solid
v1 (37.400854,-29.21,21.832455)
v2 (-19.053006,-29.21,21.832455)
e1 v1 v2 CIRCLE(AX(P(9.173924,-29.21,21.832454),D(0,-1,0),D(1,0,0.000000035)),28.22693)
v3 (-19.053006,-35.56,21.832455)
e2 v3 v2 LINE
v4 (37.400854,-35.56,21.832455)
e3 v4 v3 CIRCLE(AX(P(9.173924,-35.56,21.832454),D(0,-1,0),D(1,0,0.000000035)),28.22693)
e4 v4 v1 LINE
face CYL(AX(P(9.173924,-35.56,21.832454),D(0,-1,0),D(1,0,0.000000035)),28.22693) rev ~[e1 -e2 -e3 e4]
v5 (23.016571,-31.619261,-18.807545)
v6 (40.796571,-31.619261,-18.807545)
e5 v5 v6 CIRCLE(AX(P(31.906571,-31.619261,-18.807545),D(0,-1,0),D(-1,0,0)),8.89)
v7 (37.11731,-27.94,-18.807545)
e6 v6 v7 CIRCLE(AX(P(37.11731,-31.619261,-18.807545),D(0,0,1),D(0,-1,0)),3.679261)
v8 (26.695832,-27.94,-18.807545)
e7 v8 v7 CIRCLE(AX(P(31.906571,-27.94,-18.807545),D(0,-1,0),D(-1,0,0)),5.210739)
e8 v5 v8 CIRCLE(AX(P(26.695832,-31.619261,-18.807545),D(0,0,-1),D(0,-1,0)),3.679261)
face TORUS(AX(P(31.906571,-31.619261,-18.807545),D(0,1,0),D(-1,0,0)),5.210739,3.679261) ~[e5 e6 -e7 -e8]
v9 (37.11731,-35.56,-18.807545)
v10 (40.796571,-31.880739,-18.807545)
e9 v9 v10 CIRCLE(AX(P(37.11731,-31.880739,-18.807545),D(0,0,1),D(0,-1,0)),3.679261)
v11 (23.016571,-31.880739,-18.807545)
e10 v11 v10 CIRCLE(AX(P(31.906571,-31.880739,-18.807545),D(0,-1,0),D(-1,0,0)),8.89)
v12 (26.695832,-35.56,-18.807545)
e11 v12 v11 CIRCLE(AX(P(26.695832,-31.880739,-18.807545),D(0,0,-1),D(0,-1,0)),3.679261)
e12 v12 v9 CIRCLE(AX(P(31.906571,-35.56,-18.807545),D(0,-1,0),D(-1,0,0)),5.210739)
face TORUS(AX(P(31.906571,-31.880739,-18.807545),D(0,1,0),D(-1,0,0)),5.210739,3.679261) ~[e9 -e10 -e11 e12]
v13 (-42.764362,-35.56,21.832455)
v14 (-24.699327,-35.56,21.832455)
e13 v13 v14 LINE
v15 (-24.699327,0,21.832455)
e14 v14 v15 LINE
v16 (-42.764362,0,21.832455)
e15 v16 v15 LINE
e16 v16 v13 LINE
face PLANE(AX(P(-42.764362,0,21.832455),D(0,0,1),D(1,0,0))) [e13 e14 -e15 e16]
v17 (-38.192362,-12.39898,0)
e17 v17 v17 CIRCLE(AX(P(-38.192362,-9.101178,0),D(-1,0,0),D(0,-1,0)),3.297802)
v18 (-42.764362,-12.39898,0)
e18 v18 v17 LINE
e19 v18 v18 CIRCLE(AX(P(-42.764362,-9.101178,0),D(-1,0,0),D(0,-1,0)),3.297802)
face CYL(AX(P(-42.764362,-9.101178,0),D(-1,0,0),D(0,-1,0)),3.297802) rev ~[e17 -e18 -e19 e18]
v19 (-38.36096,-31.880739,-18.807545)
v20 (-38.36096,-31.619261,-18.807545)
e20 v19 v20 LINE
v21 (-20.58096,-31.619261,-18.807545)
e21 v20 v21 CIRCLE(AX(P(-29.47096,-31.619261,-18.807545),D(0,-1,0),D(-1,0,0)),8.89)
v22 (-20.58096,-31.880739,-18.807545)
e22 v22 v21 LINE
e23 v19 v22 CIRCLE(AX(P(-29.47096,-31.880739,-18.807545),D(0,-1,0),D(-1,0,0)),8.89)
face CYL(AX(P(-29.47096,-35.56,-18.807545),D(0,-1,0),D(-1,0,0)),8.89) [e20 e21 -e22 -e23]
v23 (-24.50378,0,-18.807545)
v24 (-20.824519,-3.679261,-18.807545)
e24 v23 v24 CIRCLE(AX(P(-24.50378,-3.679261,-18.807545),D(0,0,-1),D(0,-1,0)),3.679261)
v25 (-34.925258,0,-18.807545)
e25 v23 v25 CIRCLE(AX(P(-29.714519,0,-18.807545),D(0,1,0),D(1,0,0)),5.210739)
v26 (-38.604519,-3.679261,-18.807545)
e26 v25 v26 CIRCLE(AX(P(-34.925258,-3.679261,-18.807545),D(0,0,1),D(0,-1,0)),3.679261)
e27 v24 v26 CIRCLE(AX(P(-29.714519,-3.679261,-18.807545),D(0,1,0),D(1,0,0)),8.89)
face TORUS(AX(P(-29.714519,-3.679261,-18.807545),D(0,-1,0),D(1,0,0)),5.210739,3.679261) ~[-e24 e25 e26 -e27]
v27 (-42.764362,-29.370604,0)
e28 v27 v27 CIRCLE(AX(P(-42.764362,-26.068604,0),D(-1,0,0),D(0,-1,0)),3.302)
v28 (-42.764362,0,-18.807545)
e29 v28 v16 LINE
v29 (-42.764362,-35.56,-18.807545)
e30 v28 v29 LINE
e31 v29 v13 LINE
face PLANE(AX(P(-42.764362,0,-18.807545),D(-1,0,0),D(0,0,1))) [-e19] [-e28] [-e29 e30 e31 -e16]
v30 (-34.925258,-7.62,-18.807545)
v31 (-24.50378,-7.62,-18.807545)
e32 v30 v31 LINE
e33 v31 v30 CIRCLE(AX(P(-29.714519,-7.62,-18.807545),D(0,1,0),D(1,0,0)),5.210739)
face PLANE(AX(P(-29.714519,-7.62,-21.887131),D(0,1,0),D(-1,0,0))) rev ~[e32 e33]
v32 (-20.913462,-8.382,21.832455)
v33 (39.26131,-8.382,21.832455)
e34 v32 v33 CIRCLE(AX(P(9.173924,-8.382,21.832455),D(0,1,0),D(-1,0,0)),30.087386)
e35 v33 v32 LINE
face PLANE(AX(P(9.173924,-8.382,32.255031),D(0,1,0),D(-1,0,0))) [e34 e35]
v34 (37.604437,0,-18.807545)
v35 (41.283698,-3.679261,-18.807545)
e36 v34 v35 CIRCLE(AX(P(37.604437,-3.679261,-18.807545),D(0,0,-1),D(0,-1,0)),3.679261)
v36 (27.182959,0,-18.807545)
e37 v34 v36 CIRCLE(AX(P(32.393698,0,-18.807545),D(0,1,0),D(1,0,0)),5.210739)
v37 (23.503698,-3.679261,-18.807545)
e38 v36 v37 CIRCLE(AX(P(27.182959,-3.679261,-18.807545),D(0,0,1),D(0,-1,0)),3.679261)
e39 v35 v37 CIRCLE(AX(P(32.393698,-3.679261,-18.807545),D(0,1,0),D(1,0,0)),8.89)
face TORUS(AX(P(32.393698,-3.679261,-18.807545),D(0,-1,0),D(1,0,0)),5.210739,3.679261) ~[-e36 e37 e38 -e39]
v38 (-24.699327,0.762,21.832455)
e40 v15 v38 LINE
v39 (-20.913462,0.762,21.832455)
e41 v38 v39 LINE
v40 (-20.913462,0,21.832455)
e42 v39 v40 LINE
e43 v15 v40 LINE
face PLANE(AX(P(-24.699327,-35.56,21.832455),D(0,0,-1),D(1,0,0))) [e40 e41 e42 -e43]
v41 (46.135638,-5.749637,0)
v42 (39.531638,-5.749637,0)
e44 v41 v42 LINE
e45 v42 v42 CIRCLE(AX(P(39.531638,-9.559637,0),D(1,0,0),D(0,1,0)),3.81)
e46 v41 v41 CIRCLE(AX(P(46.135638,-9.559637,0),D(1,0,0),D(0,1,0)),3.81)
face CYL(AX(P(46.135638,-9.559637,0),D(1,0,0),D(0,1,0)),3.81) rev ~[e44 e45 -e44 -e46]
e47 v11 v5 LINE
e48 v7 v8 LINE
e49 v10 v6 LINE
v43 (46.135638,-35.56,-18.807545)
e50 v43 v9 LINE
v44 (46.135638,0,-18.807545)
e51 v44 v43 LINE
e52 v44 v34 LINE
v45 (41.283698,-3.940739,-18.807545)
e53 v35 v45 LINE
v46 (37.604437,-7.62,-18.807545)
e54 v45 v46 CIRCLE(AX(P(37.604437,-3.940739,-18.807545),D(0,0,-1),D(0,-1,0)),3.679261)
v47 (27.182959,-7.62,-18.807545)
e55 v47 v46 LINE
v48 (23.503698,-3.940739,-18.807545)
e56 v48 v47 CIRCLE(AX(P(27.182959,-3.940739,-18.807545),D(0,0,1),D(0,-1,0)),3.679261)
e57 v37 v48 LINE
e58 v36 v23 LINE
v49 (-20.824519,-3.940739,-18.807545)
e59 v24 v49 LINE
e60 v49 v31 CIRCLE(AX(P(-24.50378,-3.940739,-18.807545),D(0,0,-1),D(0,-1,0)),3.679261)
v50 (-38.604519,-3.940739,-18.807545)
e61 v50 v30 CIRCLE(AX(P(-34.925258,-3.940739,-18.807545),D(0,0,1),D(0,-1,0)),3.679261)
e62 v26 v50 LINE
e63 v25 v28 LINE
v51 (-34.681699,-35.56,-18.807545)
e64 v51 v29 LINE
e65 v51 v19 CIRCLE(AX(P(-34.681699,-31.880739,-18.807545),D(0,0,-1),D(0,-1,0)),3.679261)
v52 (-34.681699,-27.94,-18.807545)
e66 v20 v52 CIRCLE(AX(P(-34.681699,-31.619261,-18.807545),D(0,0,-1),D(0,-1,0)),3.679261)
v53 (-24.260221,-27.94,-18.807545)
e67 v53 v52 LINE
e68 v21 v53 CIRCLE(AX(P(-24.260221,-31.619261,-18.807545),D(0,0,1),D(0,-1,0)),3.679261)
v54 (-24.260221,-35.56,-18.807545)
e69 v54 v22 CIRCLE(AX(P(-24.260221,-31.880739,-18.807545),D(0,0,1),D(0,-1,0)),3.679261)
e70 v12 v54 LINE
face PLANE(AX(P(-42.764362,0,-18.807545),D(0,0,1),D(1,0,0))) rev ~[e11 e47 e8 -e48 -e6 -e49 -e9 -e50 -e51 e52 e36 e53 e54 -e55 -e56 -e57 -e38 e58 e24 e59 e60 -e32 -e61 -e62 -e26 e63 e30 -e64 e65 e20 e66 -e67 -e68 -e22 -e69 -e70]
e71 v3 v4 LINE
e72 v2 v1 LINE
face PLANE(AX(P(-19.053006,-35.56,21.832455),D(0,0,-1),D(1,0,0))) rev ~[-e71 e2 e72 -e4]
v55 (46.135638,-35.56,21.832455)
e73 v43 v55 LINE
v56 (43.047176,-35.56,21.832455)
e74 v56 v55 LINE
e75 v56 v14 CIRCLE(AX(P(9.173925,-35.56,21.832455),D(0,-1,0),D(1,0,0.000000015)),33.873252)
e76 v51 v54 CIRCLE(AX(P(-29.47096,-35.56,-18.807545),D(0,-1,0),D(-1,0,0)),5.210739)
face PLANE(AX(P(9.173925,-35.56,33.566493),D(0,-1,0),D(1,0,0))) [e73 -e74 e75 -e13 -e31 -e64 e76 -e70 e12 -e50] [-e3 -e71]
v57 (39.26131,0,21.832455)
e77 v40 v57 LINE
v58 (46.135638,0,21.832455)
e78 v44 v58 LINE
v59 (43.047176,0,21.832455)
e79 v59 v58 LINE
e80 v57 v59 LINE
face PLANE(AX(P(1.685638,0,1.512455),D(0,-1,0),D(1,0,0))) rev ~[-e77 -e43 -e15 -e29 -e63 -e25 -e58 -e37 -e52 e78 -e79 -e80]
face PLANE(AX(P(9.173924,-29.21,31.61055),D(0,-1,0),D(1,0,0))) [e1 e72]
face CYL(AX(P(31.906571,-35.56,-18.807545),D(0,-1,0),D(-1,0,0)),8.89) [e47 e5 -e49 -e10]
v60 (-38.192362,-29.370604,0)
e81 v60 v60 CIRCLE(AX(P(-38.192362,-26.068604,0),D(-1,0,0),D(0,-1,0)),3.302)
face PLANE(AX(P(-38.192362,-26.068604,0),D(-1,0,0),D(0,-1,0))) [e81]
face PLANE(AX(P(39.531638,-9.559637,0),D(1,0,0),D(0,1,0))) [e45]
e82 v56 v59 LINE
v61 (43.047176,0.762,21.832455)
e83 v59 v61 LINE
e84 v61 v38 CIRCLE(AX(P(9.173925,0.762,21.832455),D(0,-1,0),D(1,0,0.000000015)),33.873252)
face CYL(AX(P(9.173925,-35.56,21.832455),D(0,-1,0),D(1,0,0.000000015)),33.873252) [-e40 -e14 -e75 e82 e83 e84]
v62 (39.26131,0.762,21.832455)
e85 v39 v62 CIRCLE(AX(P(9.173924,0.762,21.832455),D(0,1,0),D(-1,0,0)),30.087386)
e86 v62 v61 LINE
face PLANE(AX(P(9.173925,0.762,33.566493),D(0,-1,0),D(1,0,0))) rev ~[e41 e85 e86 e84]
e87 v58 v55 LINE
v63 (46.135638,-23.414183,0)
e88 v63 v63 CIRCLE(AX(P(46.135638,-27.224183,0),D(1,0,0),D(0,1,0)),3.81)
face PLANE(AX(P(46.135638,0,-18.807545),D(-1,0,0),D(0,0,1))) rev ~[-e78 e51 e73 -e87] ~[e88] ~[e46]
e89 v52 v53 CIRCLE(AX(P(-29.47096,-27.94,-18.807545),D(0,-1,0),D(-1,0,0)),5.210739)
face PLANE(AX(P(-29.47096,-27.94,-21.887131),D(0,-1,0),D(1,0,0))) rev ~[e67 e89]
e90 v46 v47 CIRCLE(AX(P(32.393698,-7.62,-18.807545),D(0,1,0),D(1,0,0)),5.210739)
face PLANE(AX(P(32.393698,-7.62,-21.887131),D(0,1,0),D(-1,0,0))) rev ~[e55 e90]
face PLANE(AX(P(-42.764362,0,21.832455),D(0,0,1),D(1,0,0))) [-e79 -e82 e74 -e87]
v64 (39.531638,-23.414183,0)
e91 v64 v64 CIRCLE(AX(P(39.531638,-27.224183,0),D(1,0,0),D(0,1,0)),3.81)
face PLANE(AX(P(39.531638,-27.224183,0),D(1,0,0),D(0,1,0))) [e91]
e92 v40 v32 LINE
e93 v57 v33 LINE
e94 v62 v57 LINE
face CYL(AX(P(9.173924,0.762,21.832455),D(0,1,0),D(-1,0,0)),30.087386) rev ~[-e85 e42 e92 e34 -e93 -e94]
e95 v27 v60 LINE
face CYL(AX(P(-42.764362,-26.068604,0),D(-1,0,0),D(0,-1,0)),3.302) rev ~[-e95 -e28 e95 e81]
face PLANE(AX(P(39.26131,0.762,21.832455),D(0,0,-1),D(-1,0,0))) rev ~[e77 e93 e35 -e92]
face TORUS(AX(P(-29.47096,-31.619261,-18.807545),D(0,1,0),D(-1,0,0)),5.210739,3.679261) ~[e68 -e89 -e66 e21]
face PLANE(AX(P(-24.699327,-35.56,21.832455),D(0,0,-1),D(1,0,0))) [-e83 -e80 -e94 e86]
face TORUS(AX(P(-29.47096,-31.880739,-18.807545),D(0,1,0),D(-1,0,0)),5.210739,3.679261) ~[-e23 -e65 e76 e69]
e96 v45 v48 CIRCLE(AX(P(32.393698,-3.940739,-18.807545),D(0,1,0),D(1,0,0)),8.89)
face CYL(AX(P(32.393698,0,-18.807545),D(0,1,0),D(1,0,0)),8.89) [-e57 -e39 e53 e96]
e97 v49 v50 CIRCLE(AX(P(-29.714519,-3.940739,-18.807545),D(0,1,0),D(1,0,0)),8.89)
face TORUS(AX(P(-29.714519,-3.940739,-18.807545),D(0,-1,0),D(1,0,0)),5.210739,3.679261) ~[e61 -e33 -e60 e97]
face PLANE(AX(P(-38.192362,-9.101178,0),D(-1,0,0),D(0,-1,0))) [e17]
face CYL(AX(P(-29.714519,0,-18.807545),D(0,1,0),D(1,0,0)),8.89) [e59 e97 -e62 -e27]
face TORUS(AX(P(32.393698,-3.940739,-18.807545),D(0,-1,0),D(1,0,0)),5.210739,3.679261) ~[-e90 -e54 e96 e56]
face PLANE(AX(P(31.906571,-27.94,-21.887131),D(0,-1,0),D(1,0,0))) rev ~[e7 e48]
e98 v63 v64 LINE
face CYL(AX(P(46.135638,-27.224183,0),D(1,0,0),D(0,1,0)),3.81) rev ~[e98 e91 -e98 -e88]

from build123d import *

# Parameters (mm, degrees)
F0_W      = 88.9
F0_H      = 40.64
F1_DEPTH  = 35.56
F3_DEPTH  = 7.62
F5_DEPTH  = 7.62
F7_DEPTH  = 36.322
F9_DEPTH  = 9.906
F11_DEPTH = 6.35
F13_DEPTH = 9.144
F14_R     = 3.81
F15_DEPTH = 6.604
F16_R     = 3.297802
F16_R_2   = 3.302
F17_DEPTH = 4.572
F18_R     = 3.679261


with BuildPart() as f1:
    # F0 (on Front) → F1 (new body)
    with BuildSketch(Plane.XZ):
        with Locations((1.685638, 1.512455)):
            Rectangle(F0_W, F0_H)
    extrude(amount=F1_DEPTH)

    # F2 (on face) → F3 (join)
    with BuildSketch(Plane.XZ.offset(35.56)):
        with BuildLine():
            Line((-20.58096, -18.807545), (-38.36096, -18.807545))
            ThreePointArc((-38.36096, -18.807545), (-29.47096, -27.697545), (-20.58096, -18.807545))
        make_face()
        with BuildLine():
            Line((40.796571, -18.807545), (23.016571, -18.807545))
            ThreePointArc((23.016571, -18.807545), (31.906571, -27.697545), (40.796571, -18.807545))
        make_face()
    extrude(amount=-F3_DEPTH)

    # F4 (on face) → F5 (join)
    with BuildSketch(Plane(origin=(0, 0, 0), x_dir=(-1, 0, 0), z_dir=(0, 1, 0))):
        with BuildLine():
            Line((-23.503698, -18.807545), (-41.283698, -18.807545))
            ThreePointArc((-41.283698, -18.807545), (-32.393698, -27.697545), (-23.503698, -18.807545))
        make_face()
        with BuildLine():
            Line((38.604519, -18.807545), (20.824519, -18.807545))
            ThreePointArc((20.824519, -18.807545), (29.714519, -27.697545), (38.604519, -18.807545))
        make_face()
    extrude(amount=-F5_DEPTH)

    # F6 (on face) → F7 (join)
    with BuildSketch(Plane.XZ.offset(35.56)):
        with BuildLine():
            Line((-24.699327, 21.832455), (43.047176, 21.832455))
            ThreePointArc((43.047176, 21.832455), (9.173924, 55.705706), (-24.699327, 21.832455))
        make_face()
    extrude(amount=-F7_DEPTH)

    # F8 (on face) → F9 (join)
    with BuildSketch(Plane.XZ.offset(35.56)):
        with BuildLine():
            Line((-18.899895, 24.207648), (34.604043, 24.207648))
            ThreePointArc((34.604043, 24.207648), (7.852074, 50.959617), (-18.899895, 24.207648))
        make_face()
    extrude(amount=-F9_DEPTH)

    # F10 (on face) → F11 (cut)
    with BuildSketch(Plane.XZ.offset(35.56)):
        with BuildLine():
            Line((-19.053006, 21.832455), (37.400854, 21.832455))
            ThreePointArc((37.400854, 21.832455), (9.173924, 50.059384), (-19.053006, 21.832455))
        make_face()
    extrude(amount=-F11_DEPTH, mode=Mode.SUBTRACT)

    # F12 (on face) → F13 (cut)
    with BuildSketch(Plane(origin=(0, 0.762, 0), x_dir=(-1, 0, 0), z_dir=(0, 1, 0))):
        with BuildLine():
            Line((-39.26131, 21.832455), (20.913462, 21.832455))
            ThreePointArc((20.913462, 21.832455), (-9.173924, 51.919841), (-39.26131, 21.832455))
        make_face()
    extrude(amount=-F13_DEPTH, mode=Mode.SUBTRACT)

    # F14 (on face) → F15 (cut)
    with BuildSketch(Plane.YZ.offset(46.135638)):
        with Locations((-27.224183, 0)):
            Circle(F14_R)
        with Locations((-9.559637, 0)):
            Circle(F14_R)
    extrude(amount=-F15_DEPTH, mode=Mode.SUBTRACT)

    # F16 (on face) → F17 (cut)
    with BuildSketch(Plane(origin=(-42.764362, 0, 0), x_dir=(0, -1, 0), z_dir=(-1, 0, 0))):
        with Locations((9.101178, 0)):
            Circle(F16_R)
        with Locations((26.068604, 0)):
            Circle(F16_R_2)
    extrude(amount=-F17_DEPTH, mode=Mode.SUBTRACT)

    # F18
    f18_edges = [f1.edges().sort_by_distance(p)[0] for p in [
        (-29.47096, -35.56, -27.697545),
        (-29.714519, -7.62, -27.697545),
        (-29.714519, 0, -27.697545),
        (32.393698, 0, -27.697545),
        (31.906571, -27.94, -27.697545),
        (32.393698, -7.62, -27.697545),
        (-29.47096, -27.94, -27.697545),
        (31.906571, -35.56, -27.697545),
    ]]
    fillet(f18_edges, radius=F18_R)


solid = f1.part
